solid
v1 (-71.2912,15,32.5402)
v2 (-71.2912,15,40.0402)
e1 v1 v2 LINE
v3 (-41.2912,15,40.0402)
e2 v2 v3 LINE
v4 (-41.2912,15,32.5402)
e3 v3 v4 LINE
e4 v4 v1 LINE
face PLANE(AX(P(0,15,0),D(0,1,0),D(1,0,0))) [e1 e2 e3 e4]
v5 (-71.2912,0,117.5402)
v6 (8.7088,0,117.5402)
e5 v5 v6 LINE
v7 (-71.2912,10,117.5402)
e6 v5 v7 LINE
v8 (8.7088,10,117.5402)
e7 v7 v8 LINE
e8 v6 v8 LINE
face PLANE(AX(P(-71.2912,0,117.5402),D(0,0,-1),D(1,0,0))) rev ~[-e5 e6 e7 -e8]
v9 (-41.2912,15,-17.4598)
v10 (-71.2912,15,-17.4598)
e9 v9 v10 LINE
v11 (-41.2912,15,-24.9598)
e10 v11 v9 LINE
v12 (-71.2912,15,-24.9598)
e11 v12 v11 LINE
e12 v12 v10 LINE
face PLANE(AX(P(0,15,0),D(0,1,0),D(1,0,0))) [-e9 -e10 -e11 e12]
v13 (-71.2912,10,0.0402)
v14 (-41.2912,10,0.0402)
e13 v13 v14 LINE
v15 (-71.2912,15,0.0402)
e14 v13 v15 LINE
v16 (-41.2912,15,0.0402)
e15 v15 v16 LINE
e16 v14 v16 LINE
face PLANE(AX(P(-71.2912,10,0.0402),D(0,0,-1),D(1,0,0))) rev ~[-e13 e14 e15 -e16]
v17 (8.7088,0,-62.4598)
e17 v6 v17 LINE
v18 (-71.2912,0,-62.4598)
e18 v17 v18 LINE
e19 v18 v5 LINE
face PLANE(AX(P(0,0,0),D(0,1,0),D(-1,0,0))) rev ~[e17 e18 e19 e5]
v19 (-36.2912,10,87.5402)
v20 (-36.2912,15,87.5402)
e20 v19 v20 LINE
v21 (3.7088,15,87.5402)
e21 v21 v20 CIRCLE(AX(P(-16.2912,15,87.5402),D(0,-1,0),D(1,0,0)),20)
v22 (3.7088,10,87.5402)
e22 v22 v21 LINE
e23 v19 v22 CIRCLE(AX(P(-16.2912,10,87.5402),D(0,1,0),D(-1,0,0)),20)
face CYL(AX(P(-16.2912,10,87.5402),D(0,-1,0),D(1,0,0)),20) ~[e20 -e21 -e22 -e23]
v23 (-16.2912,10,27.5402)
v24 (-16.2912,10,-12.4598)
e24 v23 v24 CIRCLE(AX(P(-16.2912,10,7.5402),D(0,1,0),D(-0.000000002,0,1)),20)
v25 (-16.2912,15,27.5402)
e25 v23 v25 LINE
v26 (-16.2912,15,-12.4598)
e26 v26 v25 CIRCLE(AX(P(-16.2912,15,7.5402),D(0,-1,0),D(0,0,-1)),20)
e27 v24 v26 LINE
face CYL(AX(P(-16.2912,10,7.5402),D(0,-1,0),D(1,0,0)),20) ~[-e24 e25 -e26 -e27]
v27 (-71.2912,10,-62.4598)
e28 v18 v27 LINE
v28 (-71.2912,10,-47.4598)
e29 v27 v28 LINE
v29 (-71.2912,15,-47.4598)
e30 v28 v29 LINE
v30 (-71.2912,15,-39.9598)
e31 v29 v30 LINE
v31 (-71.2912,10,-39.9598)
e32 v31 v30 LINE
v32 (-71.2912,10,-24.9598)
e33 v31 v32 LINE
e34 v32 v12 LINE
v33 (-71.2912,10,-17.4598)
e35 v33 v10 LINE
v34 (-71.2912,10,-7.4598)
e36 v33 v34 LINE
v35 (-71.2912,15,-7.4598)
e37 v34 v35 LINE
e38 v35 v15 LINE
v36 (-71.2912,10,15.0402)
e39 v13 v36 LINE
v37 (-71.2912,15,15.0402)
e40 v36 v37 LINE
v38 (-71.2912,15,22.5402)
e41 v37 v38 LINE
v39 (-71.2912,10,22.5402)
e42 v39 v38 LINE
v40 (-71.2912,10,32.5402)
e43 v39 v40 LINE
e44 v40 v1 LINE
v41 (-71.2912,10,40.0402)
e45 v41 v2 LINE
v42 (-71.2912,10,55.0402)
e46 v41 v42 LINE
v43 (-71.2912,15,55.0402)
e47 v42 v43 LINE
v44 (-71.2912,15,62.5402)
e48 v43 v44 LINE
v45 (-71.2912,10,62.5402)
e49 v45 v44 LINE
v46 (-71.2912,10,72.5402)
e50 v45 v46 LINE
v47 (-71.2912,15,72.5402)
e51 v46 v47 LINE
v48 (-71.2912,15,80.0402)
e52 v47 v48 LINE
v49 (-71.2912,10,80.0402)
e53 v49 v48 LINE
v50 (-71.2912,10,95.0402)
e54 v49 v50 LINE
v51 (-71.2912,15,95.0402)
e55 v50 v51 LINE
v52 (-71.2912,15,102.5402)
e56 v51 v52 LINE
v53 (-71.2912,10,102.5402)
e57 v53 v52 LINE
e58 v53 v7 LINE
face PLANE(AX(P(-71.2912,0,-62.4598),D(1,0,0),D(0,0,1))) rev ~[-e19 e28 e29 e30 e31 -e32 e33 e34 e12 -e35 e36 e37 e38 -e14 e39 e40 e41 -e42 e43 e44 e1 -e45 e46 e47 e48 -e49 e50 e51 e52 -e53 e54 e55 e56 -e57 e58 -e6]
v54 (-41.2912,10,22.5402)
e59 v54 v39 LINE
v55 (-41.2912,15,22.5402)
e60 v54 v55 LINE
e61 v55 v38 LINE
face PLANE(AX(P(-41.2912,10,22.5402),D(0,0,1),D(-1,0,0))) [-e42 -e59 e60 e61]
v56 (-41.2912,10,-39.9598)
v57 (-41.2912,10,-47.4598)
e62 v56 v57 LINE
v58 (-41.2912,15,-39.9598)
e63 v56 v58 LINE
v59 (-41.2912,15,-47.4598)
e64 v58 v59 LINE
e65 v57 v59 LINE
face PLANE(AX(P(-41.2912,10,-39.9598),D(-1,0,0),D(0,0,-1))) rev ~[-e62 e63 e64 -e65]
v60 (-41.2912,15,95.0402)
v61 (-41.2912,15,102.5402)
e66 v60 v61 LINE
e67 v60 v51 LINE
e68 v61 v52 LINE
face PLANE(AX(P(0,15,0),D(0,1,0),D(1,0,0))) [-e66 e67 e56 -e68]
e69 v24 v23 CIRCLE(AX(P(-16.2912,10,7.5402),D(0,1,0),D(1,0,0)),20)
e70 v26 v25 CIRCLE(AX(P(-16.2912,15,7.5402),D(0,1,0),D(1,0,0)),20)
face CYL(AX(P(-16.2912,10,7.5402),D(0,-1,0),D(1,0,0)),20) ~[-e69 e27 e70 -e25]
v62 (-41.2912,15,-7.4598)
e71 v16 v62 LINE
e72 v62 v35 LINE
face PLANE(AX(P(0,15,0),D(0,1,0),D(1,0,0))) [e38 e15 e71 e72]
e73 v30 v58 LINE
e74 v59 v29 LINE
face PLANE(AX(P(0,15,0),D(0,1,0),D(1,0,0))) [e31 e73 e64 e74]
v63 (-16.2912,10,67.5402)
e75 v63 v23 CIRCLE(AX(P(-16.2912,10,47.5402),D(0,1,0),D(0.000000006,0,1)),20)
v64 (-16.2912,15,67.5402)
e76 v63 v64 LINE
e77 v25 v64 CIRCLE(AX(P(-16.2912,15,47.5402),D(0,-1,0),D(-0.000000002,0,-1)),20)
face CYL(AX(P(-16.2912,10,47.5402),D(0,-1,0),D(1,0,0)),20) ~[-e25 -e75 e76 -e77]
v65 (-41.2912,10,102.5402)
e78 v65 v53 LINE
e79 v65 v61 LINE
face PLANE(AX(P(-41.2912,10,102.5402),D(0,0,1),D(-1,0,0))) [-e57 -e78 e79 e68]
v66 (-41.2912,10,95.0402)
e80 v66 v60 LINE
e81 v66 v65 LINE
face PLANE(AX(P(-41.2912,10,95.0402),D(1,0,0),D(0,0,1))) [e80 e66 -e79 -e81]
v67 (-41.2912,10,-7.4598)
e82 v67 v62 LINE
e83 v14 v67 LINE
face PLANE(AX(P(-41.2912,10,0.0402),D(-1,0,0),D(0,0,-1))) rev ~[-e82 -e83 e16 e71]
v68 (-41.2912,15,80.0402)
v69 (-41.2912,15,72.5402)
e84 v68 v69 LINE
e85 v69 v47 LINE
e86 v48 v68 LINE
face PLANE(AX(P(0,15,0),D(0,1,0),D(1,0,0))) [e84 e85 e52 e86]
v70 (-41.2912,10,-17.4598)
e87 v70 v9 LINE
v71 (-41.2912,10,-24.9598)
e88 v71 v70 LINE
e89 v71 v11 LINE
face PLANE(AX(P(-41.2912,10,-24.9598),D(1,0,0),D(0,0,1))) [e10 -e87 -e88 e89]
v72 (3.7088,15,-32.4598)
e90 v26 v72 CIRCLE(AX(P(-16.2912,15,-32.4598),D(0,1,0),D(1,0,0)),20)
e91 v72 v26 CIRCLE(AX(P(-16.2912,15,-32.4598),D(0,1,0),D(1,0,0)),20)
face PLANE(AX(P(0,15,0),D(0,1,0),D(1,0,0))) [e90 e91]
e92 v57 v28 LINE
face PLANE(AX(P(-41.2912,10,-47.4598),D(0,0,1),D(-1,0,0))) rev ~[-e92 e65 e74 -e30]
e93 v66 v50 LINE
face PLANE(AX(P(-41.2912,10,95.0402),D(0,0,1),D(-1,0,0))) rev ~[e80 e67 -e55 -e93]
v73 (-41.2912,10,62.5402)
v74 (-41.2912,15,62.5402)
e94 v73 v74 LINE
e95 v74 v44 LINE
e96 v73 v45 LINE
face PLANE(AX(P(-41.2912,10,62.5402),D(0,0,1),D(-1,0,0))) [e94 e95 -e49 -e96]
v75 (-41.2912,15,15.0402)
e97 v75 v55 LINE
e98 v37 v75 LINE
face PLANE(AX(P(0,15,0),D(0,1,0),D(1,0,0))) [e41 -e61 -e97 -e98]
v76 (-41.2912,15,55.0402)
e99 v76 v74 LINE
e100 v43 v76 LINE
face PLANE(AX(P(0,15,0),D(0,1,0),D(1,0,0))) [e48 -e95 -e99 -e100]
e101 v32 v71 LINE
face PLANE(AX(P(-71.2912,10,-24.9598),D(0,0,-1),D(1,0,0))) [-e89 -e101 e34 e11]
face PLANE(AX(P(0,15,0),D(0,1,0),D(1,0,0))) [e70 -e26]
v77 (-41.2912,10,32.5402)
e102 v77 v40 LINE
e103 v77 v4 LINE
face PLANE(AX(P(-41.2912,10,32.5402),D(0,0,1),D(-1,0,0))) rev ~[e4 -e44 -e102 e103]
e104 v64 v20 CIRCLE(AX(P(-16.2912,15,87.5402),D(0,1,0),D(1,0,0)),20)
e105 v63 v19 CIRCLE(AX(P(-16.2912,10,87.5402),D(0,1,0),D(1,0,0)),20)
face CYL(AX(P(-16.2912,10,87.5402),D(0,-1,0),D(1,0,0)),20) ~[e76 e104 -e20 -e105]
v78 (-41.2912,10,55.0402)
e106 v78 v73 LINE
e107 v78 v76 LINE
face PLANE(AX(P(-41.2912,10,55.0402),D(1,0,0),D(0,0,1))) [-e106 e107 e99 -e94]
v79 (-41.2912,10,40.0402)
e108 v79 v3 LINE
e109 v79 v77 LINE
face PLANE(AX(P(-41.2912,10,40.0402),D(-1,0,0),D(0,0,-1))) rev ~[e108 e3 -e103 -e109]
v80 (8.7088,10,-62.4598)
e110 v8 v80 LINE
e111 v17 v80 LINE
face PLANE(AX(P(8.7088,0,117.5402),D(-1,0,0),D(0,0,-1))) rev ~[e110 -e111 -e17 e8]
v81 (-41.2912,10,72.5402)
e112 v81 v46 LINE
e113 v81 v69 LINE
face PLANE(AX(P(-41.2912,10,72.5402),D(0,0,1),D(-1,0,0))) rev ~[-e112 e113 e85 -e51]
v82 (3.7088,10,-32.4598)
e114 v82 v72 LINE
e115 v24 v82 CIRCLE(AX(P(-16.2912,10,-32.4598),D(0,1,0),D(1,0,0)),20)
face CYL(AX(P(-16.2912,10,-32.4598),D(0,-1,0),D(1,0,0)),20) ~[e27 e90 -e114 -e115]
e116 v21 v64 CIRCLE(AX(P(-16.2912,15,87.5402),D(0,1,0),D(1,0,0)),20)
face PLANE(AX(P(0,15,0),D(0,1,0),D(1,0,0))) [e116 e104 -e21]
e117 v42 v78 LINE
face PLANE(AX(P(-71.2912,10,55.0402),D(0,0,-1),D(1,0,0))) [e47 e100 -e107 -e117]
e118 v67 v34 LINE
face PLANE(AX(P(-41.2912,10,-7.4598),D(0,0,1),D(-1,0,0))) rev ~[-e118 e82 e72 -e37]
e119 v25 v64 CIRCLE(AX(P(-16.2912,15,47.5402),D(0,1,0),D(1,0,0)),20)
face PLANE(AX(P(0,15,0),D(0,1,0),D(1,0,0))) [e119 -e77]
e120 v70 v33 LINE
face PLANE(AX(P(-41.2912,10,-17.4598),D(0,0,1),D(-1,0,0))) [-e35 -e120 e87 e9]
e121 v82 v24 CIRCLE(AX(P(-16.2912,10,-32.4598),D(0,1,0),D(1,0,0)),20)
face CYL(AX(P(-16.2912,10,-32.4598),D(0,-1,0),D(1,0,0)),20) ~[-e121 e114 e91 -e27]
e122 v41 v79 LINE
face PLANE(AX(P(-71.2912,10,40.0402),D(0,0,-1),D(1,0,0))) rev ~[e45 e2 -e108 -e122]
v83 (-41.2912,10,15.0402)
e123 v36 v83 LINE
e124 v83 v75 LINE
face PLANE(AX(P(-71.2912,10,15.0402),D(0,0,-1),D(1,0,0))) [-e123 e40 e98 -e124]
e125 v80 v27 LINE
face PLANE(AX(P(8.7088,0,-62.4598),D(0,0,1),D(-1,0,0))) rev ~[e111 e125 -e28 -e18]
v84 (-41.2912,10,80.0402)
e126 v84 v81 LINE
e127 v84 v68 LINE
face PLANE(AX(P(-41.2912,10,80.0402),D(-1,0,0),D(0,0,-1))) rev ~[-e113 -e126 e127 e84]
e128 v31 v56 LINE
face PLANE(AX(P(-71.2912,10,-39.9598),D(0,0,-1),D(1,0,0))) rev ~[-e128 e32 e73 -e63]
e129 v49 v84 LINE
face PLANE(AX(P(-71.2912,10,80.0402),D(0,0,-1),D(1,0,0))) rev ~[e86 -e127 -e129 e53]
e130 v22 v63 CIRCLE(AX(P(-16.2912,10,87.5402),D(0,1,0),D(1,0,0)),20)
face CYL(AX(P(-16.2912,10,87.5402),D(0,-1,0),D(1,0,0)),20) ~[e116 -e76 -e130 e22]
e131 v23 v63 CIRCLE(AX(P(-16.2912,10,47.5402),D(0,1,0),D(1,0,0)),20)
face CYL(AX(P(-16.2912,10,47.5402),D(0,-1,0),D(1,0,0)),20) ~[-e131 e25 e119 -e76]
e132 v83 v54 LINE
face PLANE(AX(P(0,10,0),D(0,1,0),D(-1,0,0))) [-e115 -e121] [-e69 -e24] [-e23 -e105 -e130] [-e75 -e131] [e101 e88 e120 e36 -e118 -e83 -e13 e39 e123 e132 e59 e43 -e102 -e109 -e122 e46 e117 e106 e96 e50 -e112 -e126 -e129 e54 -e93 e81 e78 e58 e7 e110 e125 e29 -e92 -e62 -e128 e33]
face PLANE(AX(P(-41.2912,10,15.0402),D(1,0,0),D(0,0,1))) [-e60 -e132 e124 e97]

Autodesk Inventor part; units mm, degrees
ref_plane "YZ Plane" through (0, 0, 0) normal (1, 0, 0) x (0, 1, 0)
ref_plane "XZ Plane" through (0, 0, 0) normal (0, 1, 0) x (-1, 0, 0)
ref_plane "XY Plane" through (0, 0, 0) normal (0, 0, 1) x (1, 0, 0)
sketch "Sketch1" plane through (0, 0, 0) normal (0, 1, 0) x (-1, 0, 0)
  line L0 (71.2912, 117.5402) -> (-8.7088, 117.5402)
  line L1 (-8.7088, 117.5402) -> (-8.7088, -62.4598)
  line L2 (-8.7088, -62.4598) -> (71.2912, -62.4598)
  line L3 (71.2912, -62.4598) -> (71.2912, 117.5402)
  point P0 (0, 0)
  dimension "d0" = 80
  dimension "d1" = 180
extrude "Extrusion1" add sketch "Sketch1" along normal blind 10
sketch "Sketch2" plane through (0, 10, 0) normal (0, 1, 0) x (1, 0, 0)
  line L0 (8.7088, -117.5402) -> (8.7088, 62.4598) projected
  line L1 (8.7088, 62.4598) -> (-71.2912, 62.4598) projected
  line L2 (8.7088, -117.5402) -> (-16.2912, -117.5402)
  line L3 (-16.2912, 62.4598) -> (8.7088, 62.4598)
  line L4 (8.7088, 62.4598) -> (8.7088, -117.5402)
  line L5 (-16.2912, -117.5402) -> (-16.2912, -87.5402)
  circle A0 centre (-16.2912, -87.5402) radius 20
  circle A1 centre (-16.2912, -47.5402) radius 20
  circle A2 centre (-16.2912, -7.5402) radius 20
  circle A3 centre (-16.2912, 32.4598) radius 20
  line L6 (-16.2912, -87.5402) -> (-70.5888, -87.5402)
  line L7 (-71.2912, 62.4598) -> (-71.2912, -117.5402) projected
  line L8 (-41.2912, -95.0402) -> (-71.2912, -95.0402)
  line L9 (-71.2912, -95.0402) -> (-71.2912, -80.0402)
  line L10 (-71.2912, -80.0402) -> (-41.2912, -80.0402)
  line L11 (-41.2912, -80.0402) -> (-41.2912, -95.0402)
  line L12 (-41.2912, -95.0402) -> (-71.2912, -80.0402) construction
  line L13 (-71.2912, -95.0402) -> (-41.2912, -80.0402) construction
  line L14 (-71.2912, -95.0402) -> (-41.2912, -95.0402)
  line L15 (-41.2912, -95.0402) -> (-41.2912, -102.5402)
  line L16 (-41.2912, -102.5402) -> (-71.2912, -102.5402)
  line L17 (-71.2912, -102.5402) -> (-71.2912, -95.0402)
  line L18 (-71.2912, -80.0402) -> (-41.2912, -80.0402)
  line L19 (-41.2912, -80.0402) -> (-41.2912, -72.5402)
  line L20 (-41.2912, -72.5402) -> (-71.2912, -72.5402)
  line L21 (-71.2912, -72.5402) -> (-71.2912, -80.0402)
  line L22 (-41.2912, -40.0402) -> (-41.2912, -32.5402)
  line L23 (-41.2912, -32.5402) -> (-71.2912, -32.5402)
  line L24 (-71.2912, -32.5402) -> (-71.2912, -40.0402)
  line L25 (-71.2912, -40.0402) -> (-41.2912, -40.0402)
  line L26 (-71.2912, -40.0402) -> (-41.2912, -40.0402)
  line L27 (-41.2912, -40.0402) -> (-41.2912, -55.0402)
  line L28 (-41.2912, -55.0402) -> (-41.2912, -62.5402)
  line L29 (-71.2912, -55.0402) -> (-71.2912, -40.0402)
  line L30 (-71.2912, -55.0402) -> (-41.2912, -40.0402) construction
  line L31 (-71.2912, -55.0402) -> (-41.2912, -55.0402)
  line L32 (-41.2912, -55.0402) -> (-71.2912, -40.0402) construction
  line L33 (-71.2912, -62.5402) -> (-71.2912, -55.0402)
  line L34 (-41.2912, -62.5402) -> (-71.2912, -62.5402)
  line L35 (-41.2912, -0.0402) -> (-41.2912, 7.4598)
  line L36 (-41.2912, 7.4598) -> (-71.2912, 7.4598)
  line L37 (-71.2912, 7.4598) -> (-71.2912, -0.0402)
  line L38 (-71.2912, -0.0402) -> (-41.2912, -0.0402)
  line L39 (-71.2912, -0.0402) -> (-41.2912, -0.0402)
  line L40 (-41.2912, -0.0402) -> (-41.2912, -15.0402)
  line L41 (-41.2912, -15.0402) -> (-41.2912, -22.5402)
  line L42 (-71.2912, -15.0402) -> (-71.2912, -0.0402)
  line L43 (-71.2912, -15.0402) -> (-41.2912, -0.0402) construction
  line L44 (-71.2912, -15.0402) -> (-41.2912, -15.0402)
  line L45 (-41.2912, -15.0402) -> (-71.2912, -0.0402) construction
  line L46 (-71.2912, -22.5402) -> (-71.2912, -15.0402)
  line L47 (-41.2912, -22.5402) -> (-71.2912, -22.5402)
  line L48 (-41.2912, 39.9598) -> (-41.2912, 47.4598)
  line L49 (-41.2912, 47.4598) -> (-71.2912, 47.4598)
  line L50 (-71.2912, 47.4598) -> (-71.2912, 39.9598)
  line L51 (-71.2912, 39.9598) -> (-41.2912, 39.9598)
  line L52 (-71.2912, 39.9598) -> (-41.2912, 39.9598)
  line L53 (-41.2912, 39.9598) -> (-41.2912, 24.9598)
  line L54 (-41.2912, 24.9598) -> (-41.2912, 17.4598)
  line L55 (-71.2912, 24.9598) -> (-71.2912, 39.9598)
  line L56 (-71.2912, 24.9598) -> (-41.2912, 39.9598) construction
  line L57 (-71.2912, 24.9598) -> (-41.2912, 24.9598)
  line L58 (-41.2912, 24.9598) -> (-71.2912, 39.9598) construction
  line L59 (-71.2912, 17.4598) -> (-71.2912, 24.9598)
  line L60 (-41.2912, 17.4598) -> (-71.2912, 17.4598)
  point P0 (0, 0)
  point P1 (-16.2912, -27.5402)
  point P2 (-16.2912, 12.4598)
  point P3 (-16.2912, -27.5402)
  point P4 (-16.2912, -67.5402)
  point P5 (-56.2912, -87.5402)
  point P6 (-56.2912, -47.5402)
  point P7 (-70.5888, -47.5402)
  point P8 (-56.2912, -7.5402)
  point P9 (-70.5888, -7.5402)
  point P10 (-56.2912, 32.4598)
  point P11 (-70.5888, 32.4598)
  dimension "d4" = 25
  dimension "d5" = 30
  dimension "d6" = 40
  dimension "d7" = 40
  dimension "d8" = 40
  dimension "d9" = 40
  dimension "d10" = 40
  dimension "d12" = 40
  dimension "d13" = 40
  dimension "d14" = 25
  dimension "d17" = 15
  dimension "d18" = 30
  dimension "d19" = 7.5
  dimension "d22" = 40
extrude "Extrusion2" add sketch "Sketch2" along normal blind 5 contours A3 | A2 | A1 | A0 L6 L5 | L5 L6 A0 | L49 L48 L51 L7 | L10 L7 L20 L19 | L15 L16 L7 L8 | L57 L54 L60 L7 | L36 L35 L38 L7 | L7 L31 L28 L34 | L44 L41 L47 L7 | L7 L23 L22 L25
sketch "Sketch3" plane through (0, 10, 0) normal (0, 1, 0) x (1, 0, 0)
  point P0 (0, 0)
properties part number "Zamysl na rekina"
